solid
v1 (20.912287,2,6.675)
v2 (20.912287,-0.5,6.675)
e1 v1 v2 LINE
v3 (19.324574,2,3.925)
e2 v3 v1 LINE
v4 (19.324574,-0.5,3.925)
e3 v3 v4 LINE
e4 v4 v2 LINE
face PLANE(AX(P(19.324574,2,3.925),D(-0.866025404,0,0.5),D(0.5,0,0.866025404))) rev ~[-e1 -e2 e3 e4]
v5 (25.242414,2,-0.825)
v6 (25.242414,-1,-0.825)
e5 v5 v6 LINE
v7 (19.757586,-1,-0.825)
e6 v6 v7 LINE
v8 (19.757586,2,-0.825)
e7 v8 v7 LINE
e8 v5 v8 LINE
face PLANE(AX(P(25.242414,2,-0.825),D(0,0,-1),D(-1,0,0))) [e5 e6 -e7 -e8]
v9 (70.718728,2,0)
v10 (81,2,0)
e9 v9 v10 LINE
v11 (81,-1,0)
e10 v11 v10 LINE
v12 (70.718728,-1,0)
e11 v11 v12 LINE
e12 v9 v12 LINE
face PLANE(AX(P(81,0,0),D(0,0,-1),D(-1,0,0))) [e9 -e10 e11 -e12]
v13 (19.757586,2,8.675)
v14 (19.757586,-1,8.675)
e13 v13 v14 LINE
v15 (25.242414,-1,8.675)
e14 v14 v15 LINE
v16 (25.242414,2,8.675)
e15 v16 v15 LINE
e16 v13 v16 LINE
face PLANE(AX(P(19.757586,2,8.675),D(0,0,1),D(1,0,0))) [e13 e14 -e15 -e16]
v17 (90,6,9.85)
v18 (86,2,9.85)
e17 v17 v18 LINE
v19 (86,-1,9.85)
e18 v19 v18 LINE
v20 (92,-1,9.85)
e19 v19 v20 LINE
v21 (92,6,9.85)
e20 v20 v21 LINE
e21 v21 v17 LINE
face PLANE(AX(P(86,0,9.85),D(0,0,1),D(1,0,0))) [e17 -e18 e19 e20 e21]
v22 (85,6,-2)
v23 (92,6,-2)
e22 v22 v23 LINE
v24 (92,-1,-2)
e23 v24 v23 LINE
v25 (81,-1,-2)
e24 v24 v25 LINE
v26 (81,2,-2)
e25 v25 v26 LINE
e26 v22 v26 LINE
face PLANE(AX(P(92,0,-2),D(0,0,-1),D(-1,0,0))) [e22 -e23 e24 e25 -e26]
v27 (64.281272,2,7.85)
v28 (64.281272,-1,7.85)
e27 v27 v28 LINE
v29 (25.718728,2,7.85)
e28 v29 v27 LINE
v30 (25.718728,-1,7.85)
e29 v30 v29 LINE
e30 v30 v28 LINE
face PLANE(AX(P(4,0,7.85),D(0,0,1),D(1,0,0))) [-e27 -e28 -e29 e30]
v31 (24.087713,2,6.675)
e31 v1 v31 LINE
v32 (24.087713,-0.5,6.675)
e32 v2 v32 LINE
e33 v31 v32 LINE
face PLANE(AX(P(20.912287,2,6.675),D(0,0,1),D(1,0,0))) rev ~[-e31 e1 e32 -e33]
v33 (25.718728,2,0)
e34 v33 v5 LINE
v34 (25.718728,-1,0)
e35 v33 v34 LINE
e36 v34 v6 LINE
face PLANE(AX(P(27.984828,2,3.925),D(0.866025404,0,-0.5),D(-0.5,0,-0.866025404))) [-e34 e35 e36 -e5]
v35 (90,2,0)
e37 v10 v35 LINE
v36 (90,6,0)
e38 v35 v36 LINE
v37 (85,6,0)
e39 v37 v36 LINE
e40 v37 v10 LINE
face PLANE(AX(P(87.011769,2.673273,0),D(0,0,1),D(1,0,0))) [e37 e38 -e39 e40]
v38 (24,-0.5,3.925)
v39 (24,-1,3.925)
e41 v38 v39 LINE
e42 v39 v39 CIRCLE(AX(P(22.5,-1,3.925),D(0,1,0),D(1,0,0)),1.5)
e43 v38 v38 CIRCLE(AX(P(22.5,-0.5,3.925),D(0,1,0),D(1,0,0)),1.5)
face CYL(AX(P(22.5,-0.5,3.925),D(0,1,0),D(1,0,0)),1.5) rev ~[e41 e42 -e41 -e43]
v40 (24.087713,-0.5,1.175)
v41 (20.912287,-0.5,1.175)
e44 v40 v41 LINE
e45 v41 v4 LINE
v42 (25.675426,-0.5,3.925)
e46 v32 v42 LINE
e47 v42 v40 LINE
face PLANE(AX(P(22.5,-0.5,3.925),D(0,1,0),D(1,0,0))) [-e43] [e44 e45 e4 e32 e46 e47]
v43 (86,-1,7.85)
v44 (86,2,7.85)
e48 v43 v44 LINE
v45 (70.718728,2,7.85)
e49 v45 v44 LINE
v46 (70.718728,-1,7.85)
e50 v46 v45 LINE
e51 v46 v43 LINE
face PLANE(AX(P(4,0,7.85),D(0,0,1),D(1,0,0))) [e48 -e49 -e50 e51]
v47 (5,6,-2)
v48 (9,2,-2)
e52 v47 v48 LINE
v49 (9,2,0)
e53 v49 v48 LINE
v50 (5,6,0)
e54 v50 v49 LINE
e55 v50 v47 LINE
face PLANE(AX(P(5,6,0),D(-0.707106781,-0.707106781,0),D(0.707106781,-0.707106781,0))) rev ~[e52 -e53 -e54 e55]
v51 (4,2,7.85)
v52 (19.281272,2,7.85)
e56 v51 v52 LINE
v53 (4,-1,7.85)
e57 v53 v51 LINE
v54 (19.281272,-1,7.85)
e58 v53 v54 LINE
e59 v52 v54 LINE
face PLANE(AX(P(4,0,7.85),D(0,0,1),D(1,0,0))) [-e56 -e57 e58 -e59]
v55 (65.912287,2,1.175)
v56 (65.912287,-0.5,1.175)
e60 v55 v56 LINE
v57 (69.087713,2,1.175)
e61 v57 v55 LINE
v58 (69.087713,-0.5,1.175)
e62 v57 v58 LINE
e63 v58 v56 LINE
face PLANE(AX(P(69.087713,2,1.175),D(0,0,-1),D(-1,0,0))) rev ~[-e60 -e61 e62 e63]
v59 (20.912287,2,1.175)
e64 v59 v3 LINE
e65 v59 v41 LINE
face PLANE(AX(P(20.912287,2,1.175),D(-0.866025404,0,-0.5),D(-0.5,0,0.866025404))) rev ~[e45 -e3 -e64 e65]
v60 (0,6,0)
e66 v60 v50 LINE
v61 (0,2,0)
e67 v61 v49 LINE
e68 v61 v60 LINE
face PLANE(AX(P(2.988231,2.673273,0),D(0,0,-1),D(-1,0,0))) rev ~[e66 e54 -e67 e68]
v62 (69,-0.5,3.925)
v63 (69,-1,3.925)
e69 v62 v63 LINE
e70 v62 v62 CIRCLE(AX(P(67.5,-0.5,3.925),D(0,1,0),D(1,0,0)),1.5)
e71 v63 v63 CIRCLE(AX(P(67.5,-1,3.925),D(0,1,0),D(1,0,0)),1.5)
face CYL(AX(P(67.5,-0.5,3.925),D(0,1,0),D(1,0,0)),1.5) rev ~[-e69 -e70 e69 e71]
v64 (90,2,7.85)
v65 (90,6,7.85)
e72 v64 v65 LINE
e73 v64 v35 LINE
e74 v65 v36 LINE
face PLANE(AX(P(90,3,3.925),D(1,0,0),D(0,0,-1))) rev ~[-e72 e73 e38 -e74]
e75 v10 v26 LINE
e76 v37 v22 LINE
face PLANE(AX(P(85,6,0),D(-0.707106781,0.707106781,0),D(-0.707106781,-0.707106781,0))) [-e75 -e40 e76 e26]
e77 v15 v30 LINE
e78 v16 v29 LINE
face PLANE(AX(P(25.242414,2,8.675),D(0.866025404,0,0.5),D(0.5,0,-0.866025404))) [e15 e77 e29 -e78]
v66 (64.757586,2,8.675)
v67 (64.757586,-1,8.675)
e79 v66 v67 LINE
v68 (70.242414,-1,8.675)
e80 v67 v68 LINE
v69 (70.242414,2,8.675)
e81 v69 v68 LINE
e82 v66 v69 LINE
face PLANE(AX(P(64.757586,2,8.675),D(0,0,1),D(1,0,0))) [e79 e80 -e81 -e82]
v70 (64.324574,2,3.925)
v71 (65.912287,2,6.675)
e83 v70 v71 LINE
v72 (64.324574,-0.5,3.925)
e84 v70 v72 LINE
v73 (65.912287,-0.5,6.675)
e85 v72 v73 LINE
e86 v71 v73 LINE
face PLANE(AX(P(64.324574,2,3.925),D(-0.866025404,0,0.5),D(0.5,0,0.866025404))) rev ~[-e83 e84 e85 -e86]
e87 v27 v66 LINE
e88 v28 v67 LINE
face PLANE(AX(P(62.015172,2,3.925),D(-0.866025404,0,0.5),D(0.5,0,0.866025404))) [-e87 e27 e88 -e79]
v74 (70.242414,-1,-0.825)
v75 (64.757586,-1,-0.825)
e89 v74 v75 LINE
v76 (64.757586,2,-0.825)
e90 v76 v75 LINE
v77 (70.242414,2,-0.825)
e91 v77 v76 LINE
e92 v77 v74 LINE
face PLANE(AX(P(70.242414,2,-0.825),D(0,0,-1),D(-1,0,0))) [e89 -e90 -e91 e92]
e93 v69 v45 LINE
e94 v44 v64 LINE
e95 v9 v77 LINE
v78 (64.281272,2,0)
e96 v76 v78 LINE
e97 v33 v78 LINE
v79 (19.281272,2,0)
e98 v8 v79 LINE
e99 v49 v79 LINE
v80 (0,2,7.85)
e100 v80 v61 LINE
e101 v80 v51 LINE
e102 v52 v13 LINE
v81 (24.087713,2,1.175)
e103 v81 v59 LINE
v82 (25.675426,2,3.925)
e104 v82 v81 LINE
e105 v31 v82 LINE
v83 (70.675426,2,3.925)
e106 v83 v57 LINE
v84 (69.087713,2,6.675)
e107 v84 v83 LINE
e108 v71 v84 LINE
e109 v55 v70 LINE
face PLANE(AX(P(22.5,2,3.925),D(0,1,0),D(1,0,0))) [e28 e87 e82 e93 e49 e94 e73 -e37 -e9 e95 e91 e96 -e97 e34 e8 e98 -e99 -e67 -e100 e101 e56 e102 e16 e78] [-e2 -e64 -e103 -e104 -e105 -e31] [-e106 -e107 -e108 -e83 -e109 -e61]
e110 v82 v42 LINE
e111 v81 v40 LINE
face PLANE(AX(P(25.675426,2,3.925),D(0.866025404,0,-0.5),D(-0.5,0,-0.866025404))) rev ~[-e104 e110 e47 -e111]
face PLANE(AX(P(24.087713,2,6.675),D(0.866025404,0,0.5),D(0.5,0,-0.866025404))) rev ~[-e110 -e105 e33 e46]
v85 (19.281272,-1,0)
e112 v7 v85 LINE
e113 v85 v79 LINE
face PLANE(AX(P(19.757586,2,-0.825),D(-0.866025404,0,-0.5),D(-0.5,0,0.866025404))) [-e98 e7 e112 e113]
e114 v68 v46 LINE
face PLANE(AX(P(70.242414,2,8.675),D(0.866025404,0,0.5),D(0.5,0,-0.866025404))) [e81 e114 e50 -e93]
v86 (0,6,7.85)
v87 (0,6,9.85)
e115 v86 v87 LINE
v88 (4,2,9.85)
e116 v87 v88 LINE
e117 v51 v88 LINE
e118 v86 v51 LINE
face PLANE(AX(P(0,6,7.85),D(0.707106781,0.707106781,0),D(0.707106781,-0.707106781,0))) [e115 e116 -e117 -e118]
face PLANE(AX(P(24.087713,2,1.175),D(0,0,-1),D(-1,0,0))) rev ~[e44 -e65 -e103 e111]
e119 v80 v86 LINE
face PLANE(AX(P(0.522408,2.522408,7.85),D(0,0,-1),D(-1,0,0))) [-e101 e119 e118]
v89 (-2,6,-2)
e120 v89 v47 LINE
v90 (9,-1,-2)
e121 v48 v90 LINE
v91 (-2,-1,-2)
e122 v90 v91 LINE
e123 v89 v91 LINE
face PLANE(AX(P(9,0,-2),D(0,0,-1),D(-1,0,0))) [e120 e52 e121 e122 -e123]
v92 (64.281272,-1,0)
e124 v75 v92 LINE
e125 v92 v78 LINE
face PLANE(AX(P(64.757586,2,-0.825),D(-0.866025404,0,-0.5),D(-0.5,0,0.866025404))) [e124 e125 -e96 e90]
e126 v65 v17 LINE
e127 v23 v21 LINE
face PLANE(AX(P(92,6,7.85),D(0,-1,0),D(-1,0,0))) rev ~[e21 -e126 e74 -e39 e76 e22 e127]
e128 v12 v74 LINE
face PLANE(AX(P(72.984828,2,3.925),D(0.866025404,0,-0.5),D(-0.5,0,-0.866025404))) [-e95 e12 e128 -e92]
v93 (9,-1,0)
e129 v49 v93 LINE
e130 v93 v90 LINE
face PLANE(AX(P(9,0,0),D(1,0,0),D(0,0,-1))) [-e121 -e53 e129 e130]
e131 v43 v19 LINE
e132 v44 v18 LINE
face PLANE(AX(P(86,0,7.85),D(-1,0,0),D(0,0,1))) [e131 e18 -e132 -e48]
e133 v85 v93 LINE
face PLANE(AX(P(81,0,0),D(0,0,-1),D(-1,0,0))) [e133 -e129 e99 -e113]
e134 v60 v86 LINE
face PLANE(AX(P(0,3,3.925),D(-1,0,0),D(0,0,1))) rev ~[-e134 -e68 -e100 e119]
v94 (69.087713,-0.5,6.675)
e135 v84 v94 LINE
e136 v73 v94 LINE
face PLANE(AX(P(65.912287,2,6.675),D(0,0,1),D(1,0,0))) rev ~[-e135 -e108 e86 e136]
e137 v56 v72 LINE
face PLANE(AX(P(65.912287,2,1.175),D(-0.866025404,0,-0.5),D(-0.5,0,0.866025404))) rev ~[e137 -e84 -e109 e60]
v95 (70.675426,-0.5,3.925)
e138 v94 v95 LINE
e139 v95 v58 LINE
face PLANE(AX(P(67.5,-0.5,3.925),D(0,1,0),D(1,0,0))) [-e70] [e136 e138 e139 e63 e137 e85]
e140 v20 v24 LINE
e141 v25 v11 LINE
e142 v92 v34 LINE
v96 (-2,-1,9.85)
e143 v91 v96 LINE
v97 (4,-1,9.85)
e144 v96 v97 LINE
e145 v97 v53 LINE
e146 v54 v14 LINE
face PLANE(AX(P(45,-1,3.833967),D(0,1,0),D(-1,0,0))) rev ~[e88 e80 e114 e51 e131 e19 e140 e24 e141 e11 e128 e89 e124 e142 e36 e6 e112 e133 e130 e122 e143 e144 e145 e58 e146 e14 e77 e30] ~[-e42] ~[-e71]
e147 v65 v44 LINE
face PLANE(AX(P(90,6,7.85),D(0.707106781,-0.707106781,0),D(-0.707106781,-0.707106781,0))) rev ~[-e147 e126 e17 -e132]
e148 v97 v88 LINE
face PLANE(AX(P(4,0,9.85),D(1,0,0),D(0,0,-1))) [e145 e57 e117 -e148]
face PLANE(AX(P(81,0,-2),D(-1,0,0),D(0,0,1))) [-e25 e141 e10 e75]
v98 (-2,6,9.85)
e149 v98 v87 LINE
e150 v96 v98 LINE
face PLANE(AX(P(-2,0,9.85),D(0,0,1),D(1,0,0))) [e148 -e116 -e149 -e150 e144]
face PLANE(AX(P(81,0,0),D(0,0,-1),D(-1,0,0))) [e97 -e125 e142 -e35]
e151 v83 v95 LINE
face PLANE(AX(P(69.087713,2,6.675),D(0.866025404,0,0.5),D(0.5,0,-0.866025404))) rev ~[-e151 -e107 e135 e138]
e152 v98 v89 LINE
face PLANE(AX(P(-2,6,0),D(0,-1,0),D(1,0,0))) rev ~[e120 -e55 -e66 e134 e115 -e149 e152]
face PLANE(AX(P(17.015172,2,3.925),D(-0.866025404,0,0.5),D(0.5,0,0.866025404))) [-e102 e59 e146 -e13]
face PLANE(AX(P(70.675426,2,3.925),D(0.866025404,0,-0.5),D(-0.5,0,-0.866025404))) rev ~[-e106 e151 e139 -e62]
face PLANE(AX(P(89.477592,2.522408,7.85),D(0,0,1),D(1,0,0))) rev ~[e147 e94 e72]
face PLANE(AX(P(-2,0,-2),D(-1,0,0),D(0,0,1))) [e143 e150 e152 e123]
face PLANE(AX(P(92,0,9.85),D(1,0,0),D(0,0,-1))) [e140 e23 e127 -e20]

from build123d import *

# Parameters (mm, degrees)
SKETCH_1_W          = 90
SKETCH_1_H          = 7.85
EXTRUDE_1_DEPTH     = 2
SKETCH_2_W          = 7.85
SKETCH_2_H          = 6
EXTRUDE_2_DEPTH     = 2
SKETCH_3_W          = 7.85
SKETCH_3_H          = 6
EXTRUDE_3_DEPTH     = 2
EXTRUDE_4_DEPTH     = 2
EXTRUDE_5_DEPTH     = 2
EXTRUDE_8_DEPTH     = 1
CUT_EXTRUDE_1_DEPTH = 2.5
EXTRUDE_9_DEPTH     = 3
SKETCH_15_R         = 1.5
CUT_EXTRUDE_2_DEPTH = 3
SKETCH_16_R         = 1.5
CUT_EXTRUDE_3_DEPTH = 3


with BuildPart() as part:
    # 草图1 → 凸台-拉伸1 (new body)
    with BuildSketch(Plane(origin=(0, 0, 0), x_dir=(1, 0, 0), z_dir=(0, 1, 0))):
        with Locations((45, -3.925)):
            Rectangle(SKETCH_1_W, SKETCH_1_H)
    extrude(amount=EXTRUDE_1_DEPTH)

    # 草图2 → 凸台-拉伸2 (add)
    with BuildSketch(Plane(origin=(90, 0, 0), x_dir=(0, 0, -1), z_dir=(1, 0, 0))):
        with Locations((-3.925, 3)):
            Rectangle(SKETCH_2_W, SKETCH_2_H)
    extrude(amount=EXTRUDE_2_DEPTH)

    # 草图3 → 凸台-拉伸3 (add)
    with BuildSketch(Plane.ZY):
        with Locations((3.925, 3)):
            Rectangle(SKETCH_3_W, SKETCH_3_H)
    extrude(amount=EXTRUDE_3_DEPTH)

    # 草图4 → 凸台-拉伸4 (add)
    with BuildSketch(Plane(origin=(0, 0, 0), x_dir=(-1, 0, 0), z_dir=(0, 0, -1))):
        Polygon((2, 0), (2, 6), (0, 6), (-5, 6), (-9, 2), (-9, 0), align=None)
        Polygon((-92, 0), (-92, 6), (-90, 6), (-85, 6), (-81, 2), (-81, 0), align=None)
    extrude(amount=EXTRUDE_4_DEPTH)

    # 草图5 → 凸台-拉伸5 (add)
    with BuildSketch(Plane.XY.offset(7.85)):
        Polygon((92, 0), (92, 6), (90, 6), (86, 2), (86, 0), align=None)
        Polygon((-2, 0), (-2, 6), (0, 6), (4, 2), (4, 0), align=None)
    extrude(amount=EXTRUDE_5_DEPTH)

    # 草图10 → 凸台-拉伸8 (add)
    with BuildSketch(Plane.XZ):
        Polygon((-2, -2), (-2, 9.85), (4, 9.85), (4, 7.85), (86, 7.85), (86, 9.85), (92, 9.85), (92, -2), (81, -2), (81, 0), (9, 0), (9, -2), align=None)
    extrude(amount=EXTRUDE_8_DEPTH)

    # 草图12 → 切除-拉伸1 (cut)
    with BuildSketch(Plane(origin=(0, 2, 0), x_dir=(1, 0, 0), z_dir=(0, 1, 0))):
        Polygon((25.675426481, -3.925), (24.08771324, -1.175), (20.91228676, -1.175), (19.324573519, -3.925), (20.91228676, -6.675), (24.08771324, -6.675), align=None)
        Polygon((70.675426481, -3.925), (69.08771324, -1.175), (65.91228676, -1.175), (64.324573519, -3.925), (65.91228676, -6.675), (69.08771324, -6.675), align=None)
    extrude(amount=-CUT_EXTRUDE_1_DEPTH, mode=Mode.SUBTRACT)

    # 草图13 → 凸台-拉伸9 (add)
    with BuildSketch(Plane(origin=(0, 2, 0), x_dir=(1, 0, 0), z_dir=(0, 1, 0))):
        Polygon((27.984827557, -3.925), (25.242413779, 0.825), (19.757586221, 0.825), (17.015172443, -3.925), (19.757586221, -8.675), (25.242413779, -8.675), align=None)
        Polygon((24.08771324, -6.675), (25.675426481, -3.925), (24.08771324, -1.175), (20.91228676, -1.175), (19.324573519, -3.925), (20.91228676, -6.675), align=None, mode=Mode.SUBTRACT)
        Polygon((72.984827557, -3.925), (70.242413779, 0.825), (64.757586221, 0.825), (62.015172443, -3.925), (64.757586221, -8.675), (70.242413779, -8.675), align=None)
        Polygon((69.08771324, -6.675), (70.675426481, -3.925), (69.08771324, -1.175), (65.91228676, -1.175), (64.324573519, -3.925), (65.91228676, -6.675), align=None, mode=Mode.SUBTRACT)
    extrude(amount=-EXTRUDE_9_DEPTH)

    # 草图15 → 切除-拉伸2 (cut)
    with BuildSketch(Plane(origin=(0, -0.5, 0), x_dir=(1, 0, 0), z_dir=(0, 1, 0))):
        with Locations((22.5, -3.925)):
            Circle(SKETCH_15_R)
    extrude(amount=-CUT_EXTRUDE_2_DEPTH, mode=Mode.SUBTRACT)

    # 草图16 → 切除-拉伸3 (cut)
    with BuildSketch(Plane(origin=(0, -0.5, 0), x_dir=(1, 0, 0), z_dir=(0, 1, 0))):
        with Locations((67.5, -3.925)):
            Circle(SKETCH_16_R)
    extrude(amount=-CUT_EXTRUDE_3_DEPTH, mode=Mode.SUBTRACT)


solid = part.part
